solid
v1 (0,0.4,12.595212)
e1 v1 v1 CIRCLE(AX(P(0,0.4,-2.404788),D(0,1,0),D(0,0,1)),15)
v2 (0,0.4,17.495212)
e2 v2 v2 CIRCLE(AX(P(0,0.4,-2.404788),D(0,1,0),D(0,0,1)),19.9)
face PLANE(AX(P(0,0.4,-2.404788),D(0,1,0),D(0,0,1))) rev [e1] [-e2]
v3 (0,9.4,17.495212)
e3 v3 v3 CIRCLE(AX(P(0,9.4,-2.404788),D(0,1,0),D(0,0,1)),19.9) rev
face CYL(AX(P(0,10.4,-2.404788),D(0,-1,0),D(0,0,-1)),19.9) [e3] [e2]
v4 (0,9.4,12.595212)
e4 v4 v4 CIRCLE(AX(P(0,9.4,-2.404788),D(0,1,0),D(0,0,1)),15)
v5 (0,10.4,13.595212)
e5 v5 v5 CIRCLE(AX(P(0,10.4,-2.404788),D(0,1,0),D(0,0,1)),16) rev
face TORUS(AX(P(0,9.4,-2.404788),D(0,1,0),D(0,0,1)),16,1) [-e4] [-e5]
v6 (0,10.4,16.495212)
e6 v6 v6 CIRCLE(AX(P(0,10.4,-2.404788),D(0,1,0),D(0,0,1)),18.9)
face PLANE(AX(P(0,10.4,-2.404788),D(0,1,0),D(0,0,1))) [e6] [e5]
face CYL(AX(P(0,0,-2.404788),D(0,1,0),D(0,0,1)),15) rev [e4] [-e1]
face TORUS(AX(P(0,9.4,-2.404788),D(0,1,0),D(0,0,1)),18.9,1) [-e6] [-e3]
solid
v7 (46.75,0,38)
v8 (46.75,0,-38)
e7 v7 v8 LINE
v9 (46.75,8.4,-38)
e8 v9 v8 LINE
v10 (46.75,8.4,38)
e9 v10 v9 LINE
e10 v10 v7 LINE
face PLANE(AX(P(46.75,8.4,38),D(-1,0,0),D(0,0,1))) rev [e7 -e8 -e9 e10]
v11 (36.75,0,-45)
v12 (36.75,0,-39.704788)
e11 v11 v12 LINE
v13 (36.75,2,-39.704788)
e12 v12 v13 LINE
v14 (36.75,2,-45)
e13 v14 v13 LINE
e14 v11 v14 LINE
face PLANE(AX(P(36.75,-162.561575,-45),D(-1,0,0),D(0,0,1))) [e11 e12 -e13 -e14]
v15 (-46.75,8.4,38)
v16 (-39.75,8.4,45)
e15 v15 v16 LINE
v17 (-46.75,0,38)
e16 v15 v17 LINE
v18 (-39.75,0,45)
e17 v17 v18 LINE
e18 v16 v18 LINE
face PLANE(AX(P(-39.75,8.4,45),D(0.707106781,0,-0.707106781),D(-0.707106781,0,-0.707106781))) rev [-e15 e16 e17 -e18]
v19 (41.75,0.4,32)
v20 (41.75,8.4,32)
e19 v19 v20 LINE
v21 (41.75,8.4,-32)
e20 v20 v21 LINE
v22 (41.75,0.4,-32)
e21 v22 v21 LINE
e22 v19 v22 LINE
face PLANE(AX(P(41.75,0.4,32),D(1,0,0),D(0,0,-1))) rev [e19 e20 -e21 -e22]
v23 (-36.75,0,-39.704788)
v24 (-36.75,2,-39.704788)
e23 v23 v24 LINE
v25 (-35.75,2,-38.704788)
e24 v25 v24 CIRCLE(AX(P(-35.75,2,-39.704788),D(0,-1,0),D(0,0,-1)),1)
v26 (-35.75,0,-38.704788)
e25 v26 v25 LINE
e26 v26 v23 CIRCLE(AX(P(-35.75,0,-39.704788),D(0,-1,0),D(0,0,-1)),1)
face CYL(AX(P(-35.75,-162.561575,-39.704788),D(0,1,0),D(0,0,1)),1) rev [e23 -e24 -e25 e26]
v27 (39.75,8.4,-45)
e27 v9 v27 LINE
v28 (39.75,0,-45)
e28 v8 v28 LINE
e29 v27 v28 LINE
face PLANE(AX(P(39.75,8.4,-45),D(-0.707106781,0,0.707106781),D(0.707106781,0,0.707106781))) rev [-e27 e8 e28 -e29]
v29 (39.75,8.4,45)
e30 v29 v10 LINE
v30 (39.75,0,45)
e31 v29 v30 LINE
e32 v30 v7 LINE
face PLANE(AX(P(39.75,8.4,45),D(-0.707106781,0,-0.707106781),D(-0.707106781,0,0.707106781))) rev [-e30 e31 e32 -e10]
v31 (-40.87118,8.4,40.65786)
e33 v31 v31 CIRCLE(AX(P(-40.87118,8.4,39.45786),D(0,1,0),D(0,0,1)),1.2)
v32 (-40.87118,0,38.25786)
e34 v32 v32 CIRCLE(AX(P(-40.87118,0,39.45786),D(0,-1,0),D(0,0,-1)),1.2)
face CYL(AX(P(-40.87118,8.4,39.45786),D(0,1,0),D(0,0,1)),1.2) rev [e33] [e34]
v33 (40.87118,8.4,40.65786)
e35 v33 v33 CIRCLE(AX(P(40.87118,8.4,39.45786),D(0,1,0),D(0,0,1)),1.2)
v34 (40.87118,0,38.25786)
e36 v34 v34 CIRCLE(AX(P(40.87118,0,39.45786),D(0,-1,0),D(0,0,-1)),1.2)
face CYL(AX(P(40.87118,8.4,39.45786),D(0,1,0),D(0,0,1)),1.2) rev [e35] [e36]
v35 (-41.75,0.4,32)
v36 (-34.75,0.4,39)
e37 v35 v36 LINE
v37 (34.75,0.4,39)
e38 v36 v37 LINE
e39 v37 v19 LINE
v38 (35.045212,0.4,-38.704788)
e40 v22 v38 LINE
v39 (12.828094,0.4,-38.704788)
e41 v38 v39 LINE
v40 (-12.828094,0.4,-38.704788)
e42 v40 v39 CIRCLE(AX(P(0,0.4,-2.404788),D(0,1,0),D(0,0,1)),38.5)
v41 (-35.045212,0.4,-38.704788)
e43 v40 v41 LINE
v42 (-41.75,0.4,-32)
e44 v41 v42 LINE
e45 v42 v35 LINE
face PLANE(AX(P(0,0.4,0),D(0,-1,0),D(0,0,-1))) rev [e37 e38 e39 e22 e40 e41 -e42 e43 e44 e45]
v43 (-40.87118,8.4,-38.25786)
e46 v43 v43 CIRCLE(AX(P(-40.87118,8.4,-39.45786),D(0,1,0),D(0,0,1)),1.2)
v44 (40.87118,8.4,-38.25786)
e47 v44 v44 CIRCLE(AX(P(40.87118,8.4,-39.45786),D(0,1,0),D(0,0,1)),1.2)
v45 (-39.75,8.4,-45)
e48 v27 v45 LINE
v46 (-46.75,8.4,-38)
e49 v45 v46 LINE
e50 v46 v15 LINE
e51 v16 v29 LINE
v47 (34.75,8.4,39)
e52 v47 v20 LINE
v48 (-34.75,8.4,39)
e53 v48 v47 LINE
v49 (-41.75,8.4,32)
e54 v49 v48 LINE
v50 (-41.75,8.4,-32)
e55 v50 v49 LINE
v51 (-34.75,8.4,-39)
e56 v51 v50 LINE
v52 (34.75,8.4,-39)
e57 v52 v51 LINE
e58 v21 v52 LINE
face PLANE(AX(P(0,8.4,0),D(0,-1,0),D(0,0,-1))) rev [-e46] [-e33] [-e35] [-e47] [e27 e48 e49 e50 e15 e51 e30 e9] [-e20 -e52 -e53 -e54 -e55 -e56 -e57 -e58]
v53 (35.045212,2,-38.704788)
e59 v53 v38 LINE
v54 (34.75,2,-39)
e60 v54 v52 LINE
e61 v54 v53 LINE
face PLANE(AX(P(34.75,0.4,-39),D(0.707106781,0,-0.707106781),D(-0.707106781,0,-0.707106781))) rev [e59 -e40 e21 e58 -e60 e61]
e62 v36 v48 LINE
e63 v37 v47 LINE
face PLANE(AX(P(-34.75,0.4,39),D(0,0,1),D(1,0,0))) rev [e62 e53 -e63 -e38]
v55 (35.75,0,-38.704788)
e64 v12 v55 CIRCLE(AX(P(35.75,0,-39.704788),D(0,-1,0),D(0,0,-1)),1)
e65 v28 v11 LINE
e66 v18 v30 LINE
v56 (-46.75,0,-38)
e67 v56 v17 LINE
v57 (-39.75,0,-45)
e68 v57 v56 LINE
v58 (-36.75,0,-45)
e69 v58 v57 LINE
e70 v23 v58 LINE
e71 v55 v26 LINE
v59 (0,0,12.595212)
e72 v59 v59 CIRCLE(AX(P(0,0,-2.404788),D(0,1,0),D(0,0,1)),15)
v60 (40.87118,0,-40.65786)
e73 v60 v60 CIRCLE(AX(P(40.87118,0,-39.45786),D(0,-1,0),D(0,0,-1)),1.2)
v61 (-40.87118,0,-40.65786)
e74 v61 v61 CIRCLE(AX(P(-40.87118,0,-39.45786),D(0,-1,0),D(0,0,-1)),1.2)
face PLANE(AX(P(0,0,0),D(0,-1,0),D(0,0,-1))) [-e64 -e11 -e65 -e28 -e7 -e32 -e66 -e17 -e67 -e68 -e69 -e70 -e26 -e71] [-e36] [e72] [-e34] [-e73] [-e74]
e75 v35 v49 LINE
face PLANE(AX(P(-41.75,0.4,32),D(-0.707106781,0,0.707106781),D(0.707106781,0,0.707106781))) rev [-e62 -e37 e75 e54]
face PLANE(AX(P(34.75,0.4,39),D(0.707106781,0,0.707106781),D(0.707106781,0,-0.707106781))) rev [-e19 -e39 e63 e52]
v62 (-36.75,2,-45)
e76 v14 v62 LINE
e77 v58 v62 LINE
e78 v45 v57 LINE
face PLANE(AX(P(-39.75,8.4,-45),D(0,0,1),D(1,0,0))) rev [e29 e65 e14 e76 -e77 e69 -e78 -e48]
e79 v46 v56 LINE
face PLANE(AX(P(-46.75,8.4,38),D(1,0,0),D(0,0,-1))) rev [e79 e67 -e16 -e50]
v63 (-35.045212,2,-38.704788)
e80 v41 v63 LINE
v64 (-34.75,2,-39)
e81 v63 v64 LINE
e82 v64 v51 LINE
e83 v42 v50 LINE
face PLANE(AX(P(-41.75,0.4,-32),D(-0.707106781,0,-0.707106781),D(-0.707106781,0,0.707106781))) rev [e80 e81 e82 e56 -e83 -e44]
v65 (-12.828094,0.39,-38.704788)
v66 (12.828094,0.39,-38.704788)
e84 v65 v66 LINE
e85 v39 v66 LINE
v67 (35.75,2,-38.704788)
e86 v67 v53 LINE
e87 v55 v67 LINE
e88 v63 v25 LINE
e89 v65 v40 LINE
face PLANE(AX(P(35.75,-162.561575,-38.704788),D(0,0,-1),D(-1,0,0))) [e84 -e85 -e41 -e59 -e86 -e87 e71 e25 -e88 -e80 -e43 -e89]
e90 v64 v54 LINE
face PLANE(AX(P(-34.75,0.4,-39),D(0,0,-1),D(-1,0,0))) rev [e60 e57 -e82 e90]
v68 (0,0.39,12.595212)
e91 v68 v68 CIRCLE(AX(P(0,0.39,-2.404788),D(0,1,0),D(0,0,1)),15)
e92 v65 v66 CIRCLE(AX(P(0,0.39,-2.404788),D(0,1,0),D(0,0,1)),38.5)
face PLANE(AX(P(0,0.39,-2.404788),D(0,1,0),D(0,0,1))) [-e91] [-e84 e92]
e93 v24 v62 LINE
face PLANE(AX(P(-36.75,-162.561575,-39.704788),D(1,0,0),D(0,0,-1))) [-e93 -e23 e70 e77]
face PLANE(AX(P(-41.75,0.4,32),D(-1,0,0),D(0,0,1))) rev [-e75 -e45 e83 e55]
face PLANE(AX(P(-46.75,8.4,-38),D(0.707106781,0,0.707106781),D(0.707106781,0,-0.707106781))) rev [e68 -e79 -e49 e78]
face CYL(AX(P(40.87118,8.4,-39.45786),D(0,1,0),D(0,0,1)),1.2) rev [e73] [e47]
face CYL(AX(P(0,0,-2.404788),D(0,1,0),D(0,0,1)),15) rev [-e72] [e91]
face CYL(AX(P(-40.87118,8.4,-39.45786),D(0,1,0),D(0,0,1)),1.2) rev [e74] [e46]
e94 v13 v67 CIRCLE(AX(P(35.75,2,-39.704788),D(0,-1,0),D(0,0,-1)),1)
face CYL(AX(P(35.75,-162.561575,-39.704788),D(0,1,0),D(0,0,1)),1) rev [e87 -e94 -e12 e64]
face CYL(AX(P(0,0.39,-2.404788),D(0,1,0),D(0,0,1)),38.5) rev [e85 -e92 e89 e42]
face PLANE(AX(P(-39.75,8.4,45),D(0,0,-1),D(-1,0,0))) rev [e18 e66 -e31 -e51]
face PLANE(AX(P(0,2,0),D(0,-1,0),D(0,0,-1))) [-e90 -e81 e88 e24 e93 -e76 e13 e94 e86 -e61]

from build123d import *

# Parameters (mm, degrees)
BOSS_EXTRUDE1_DEPTH           = 8.4
CUT_EXTRUDE1_DEPTH            = 66.430287329
CUT_EXTRUDE1_DEPTH_BACK       = 2
CUT_EXTRUDE2_DEPTH            = 8
SKETCH8_R                     = 19.9
BOSS_EXTRUDE2_DEPTH           = 10
FILLET1_R                     = 1
SKETCH9_R                     = 38.5
CUT_EXTRUDE4_DEPTH            = 0.01
M2_CLEARANCE_HOLE1_AT_2_COUNT = 2
M2_CLEARANCE_HOLE1_AT_2_PITCH = 81.742360825
M2_CLEARANCE_HOLE1_AT_3_COUNT = 2
M2_CLEARANCE_HOLE1_AT_3_PITCH = 113.62
M2_CLEARANCE_HOLE1_AT_4_COUNT = 2
M2_CLEARANCE_HOLE1_AT_4_PITCH = 78.915719896
SKETCH13_R                    = 15
CUT_EXTRUDE5_DEPTH            = 66.71698791
FILLET2_R                     = 1


with BuildPart() as part:
    # Sketch4 → Boss-Extrude1 (new body)
    with BuildSketch(Plane(origin=(0, 0, 0), x_dir=(1, 0, 0), z_dir=(0, 1, 0))):
        Polygon((-46.75, 38), (-39.75, 45), (39.75, 45), (46.75, 38), (46.75, -38), (39.75, -45), (-39.75, -45), (-46.75, -38), align=None)
    extrude(amount=BOSS_EXTRUDE1_DEPTH)

    # Sketch5 → Cut-Extrude1 (cut, two sides: drawn at the far end of the back side and taken through both)
    with BuildSketch(Plane.XZ.offset(-CUT_EXTRUDE1_DEPTH_BACK)):
        with BuildLine():
            Line((36.75, -300.538184403), (36.75, -45))
            Line((36.75, -45), (36.75, -39.704788024))
            ThreePointArc((36.75, -39.704788024), (36.457106781, -38.997681243), (35.75, -38.704788024))
            Line((35.75, -38.704788024), (-35.75, -38.704788024))
            ThreePointArc((-35.75, -38.704788024), (-36.457106781, -38.997681243), (-36.75, -39.704788024))
            Line((-36.75, -39.704788024), (-36.75, -45))
            Line((-36.75, -45), (-36.75, -300.538184403))
            Line((-36.75, -300.538184403), (-36.75, -811.614553209))
            Line((-36.75, -811.614553209), (36.75, -811.614553209))
            Line((36.75, -811.614553209), (36.75, -300.538184403))
        make_face()
    extrude(amount=CUT_EXTRUDE1_DEPTH + CUT_EXTRUDE1_DEPTH_BACK, mode=Mode.SUBTRACT)

    # Sketch6 → Cut-Extrude2 (cut)
    with BuildSketch(Plane(origin=(0, 8.4, 0), x_dir=(1, 0, 0), z_dir=(0, 1, 0))):
        Polygon((-41.75, 32), (-34.75, 39), (34.75, 39), (41.75, 32), (41.75, -32), (34.75, -39), (-34.75, -39), (-41.75, -32), align=None)
    extrude(amount=-CUT_EXTRUDE2_DEPTH, mode=Mode.SUBTRACT)

    # Sketch8 → Boss-Extrude2 (add)
    with BuildSketch(Plane(origin=(0, 0.4, 0), x_dir=(1, 0, 0), z_dir=(0, 1, 0))):
        with Locations(Location((0, 2.404788, 0), (0, 0, 90))):
            Circle(SKETCH8_R)
    extrude(amount=BOSS_EXTRUDE2_DEPTH)

    # Fillet1
    fillet1_edges = [part.edges().sort_by_distance(p)[0] for p in [
        (0, 10.4, 17.495212),
    ]]
    fillet(fillet1_edges, radius=FILLET1_R)

    # Sketch9 → Cut-Extrude4 (cut)
    with BuildSketch(Plane(origin=(0, 0.4, 0), x_dir=(1, 0, 0), z_dir=(0, 1, 0))):
        with Locations((0, 2.404788)):
            Circle(SKETCH9_R)
    extrude(amount=-CUT_EXTRUDE4_DEPTH, mode=Mode.SUBTRACT)


with BuildPart() as cut_extrude4_piece_1:
    # of the separate pieces the step leaves, piece 1, a body of its own (cut_extrude4_pieces)
    add(part.part.solids().sort_by_distance((-34.75, 0.4, 39))[0])

    # Sketch10 → M2 Clearance Hole1 (revolve, cut)
    with BuildSketch(Plane(origin=(40.871180413, 8.4, 39.457859948), x_dir=(0, 0, 1), z_dir=(1, 0, 0))):
        Polygon((0, 0), (0, 38.821032743), (1.2, 38.1), (1.2, 0), align=None)
    m2_clearance_hole1 = revolve(axis=Axis((40.871180413, 14.75, 39.457859948), (0, -1, 0)), mode=Mode.SUBTRACT)

    # M2 Clearance Hole1 at 2: M2 Clearance Hole1 ×2
    with Locations(*[(-i * M2_CLEARANCE_HOLE1_AT_2_PITCH, 0, 0) for i in range(1, M2_CLEARANCE_HOLE1_AT_2_COUNT)]):
        add(m2_clearance_hole1, mode=Mode.SUBTRACT)

    # M2 Clearance Hole1 at 3: M2 Clearance Hole1 ×2
    with Locations(*[Vector(-0.7194363741011156, 0, -0.6945583514869285) * (i * M2_CLEARANCE_HOLE1_AT_3_PITCH) for i in range(1, M2_CLEARANCE_HOLE1_AT_3_COUNT)]):
        add(m2_clearance_hole1, mode=Mode.SUBTRACT)

    # M2 Clearance Hole1 at 4: M2 Clearance Hole1 ×2
    with Locations(*[(0, 0, -i * M2_CLEARANCE_HOLE1_AT_4_PITCH) for i in range(1, M2_CLEARANCE_HOLE1_AT_4_COUNT)]):
        add(m2_clearance_hole1, mode=Mode.SUBTRACT)


with BuildPart() as cut_extrude4_piece_2:
    # of the separate pieces the step leaves, piece 2, a body of its own (cut_extrude4_pieces)
    add(part.part.solids().sort_by_distance((0, 9.4, -22.304788))[0])


with BuildPart() as cut_extrude5_tool:
    # Sketch13 → Cut-Extrude5 (new, through all)
    with BuildSketch(Plane(origin=(0, 10.4, 0), x_dir=(1, 0, 0), z_dir=(0, 1, 0))):
        with Locations(Location((0, 2.404788, 0), (0, 0, 270))):
            Circle(SKETCH13_R)
    extrude(amount=-CUT_EXTRUDE5_DEPTH)


with BuildPart() as cut_extrude4_piece_1_1:
    add(cut_extrude4_piece_1.part)

    # Cut-Extrude5: cut by cut_extrude5_tool
    add(cut_extrude5_tool.part, mode=Mode.SUBTRACT)


with BuildPart() as cut_extrude4_piece_2_1:
    add(cut_extrude4_piece_2.part)

    # Cut-Extrude5: cut by cut_extrude5_tool
    add(cut_extrude5_tool.part, mode=Mode.SUBTRACT)

    # Fillet2
    fillet2_edges = [cut_extrude4_piece_2_1.edges().sort_by_distance(p)[0] for p in [
        (0, 10.4, -17.404788),
    ]]
    fillet(fillet2_edges, radius=FILLET2_R)


solid = Compound([cut_extrude4_piece_1_1.part, cut_extrude4_piece_2_1.part])
